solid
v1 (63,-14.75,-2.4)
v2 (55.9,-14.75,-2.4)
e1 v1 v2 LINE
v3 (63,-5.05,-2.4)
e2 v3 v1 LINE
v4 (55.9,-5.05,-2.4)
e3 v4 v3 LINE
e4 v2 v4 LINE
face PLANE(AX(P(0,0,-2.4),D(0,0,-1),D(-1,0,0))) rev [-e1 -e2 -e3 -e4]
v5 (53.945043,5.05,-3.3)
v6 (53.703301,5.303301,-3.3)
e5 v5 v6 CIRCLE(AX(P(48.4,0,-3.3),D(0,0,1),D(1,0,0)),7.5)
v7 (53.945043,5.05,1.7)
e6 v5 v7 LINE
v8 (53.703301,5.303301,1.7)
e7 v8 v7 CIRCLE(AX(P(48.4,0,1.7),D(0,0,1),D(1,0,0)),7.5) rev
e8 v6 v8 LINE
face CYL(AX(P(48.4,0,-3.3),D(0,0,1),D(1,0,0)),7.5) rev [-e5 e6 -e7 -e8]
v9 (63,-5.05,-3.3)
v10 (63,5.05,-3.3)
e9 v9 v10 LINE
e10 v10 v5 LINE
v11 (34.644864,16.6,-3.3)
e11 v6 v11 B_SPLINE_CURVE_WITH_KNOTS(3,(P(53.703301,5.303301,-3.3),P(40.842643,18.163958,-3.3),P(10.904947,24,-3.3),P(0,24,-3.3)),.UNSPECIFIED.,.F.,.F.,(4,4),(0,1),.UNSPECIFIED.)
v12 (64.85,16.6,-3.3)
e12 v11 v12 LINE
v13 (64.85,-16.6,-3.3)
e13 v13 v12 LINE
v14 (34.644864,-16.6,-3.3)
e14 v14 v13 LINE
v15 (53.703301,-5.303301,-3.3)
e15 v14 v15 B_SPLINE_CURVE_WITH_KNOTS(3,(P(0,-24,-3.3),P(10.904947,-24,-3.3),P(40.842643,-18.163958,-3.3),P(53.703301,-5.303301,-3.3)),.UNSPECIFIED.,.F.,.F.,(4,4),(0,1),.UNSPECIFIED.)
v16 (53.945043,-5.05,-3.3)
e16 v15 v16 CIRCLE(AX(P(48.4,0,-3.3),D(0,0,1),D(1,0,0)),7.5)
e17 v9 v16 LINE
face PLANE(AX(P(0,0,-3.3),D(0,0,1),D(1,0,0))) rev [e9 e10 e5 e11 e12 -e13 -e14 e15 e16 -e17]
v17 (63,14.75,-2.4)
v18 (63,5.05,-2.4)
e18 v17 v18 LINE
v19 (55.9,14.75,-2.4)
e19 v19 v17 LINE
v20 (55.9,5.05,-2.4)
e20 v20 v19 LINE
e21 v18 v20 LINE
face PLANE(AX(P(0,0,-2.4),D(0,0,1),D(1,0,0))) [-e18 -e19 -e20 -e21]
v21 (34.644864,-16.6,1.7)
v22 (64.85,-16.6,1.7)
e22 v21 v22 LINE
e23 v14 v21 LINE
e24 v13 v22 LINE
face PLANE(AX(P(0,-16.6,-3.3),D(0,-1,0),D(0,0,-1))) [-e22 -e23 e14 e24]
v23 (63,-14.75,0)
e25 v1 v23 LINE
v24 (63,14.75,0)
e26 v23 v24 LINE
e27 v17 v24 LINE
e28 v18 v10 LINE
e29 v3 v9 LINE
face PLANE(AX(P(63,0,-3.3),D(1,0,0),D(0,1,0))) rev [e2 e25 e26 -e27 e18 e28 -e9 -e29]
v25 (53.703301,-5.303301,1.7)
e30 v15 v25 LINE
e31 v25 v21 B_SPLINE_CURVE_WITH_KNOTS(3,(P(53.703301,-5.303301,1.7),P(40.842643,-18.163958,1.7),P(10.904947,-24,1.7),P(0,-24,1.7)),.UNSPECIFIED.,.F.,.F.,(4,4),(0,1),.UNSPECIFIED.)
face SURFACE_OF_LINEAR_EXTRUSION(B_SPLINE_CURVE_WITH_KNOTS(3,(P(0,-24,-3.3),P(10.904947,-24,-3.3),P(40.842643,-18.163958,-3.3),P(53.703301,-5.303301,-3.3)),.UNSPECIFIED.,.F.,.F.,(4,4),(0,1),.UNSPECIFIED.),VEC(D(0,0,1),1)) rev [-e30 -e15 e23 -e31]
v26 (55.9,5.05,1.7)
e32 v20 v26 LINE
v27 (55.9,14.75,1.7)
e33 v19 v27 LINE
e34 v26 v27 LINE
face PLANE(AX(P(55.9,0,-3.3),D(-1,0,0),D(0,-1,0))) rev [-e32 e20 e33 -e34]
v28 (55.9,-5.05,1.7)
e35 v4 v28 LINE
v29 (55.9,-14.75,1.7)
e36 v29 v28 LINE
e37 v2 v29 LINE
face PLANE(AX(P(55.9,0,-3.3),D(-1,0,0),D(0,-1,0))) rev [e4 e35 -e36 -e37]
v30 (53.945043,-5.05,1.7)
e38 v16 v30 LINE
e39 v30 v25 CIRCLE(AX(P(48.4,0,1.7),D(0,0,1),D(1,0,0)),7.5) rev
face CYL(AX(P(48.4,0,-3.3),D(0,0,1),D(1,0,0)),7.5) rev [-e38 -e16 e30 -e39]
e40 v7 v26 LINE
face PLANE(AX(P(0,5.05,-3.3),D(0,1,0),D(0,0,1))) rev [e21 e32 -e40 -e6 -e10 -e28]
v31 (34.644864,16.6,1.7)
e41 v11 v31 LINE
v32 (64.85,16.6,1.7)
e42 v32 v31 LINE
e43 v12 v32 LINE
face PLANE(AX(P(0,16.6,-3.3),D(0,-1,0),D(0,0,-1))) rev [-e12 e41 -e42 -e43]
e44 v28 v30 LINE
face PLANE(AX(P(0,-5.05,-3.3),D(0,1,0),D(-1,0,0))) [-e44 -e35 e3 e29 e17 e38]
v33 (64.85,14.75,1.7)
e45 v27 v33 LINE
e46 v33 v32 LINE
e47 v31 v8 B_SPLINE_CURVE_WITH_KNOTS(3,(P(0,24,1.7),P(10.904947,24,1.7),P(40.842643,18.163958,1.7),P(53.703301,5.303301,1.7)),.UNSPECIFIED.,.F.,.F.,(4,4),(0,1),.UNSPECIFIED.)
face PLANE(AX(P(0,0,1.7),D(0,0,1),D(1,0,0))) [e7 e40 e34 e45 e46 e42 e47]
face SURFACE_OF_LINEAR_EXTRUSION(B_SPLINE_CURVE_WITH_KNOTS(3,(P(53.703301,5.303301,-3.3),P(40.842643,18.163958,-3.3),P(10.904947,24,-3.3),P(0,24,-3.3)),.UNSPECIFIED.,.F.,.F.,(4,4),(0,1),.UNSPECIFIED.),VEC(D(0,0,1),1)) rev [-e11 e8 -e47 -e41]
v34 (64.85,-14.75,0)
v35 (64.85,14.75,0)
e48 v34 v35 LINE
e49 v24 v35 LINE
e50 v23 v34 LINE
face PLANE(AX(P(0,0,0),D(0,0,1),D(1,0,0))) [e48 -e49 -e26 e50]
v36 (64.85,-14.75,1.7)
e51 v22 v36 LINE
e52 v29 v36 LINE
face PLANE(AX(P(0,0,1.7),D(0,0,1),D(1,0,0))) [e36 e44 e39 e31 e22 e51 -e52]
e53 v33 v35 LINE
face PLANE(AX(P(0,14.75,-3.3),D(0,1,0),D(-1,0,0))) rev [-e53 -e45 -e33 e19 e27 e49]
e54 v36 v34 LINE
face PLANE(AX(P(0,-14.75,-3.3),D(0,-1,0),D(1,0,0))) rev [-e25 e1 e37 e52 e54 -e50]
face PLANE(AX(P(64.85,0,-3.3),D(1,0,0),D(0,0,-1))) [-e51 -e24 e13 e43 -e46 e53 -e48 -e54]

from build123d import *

# Parameters (mm, degrees)
BOSS_EXTRUDE1_DEPTH = 3.3
SKETCH2_W           = 7.1
SKETCH2_H           = 9.7
BOSS_EXTRUDE2_DEPTH = 0.9
BOSS_EXTRUDE3_DEPTH = 1.7


with BuildPart() as part:
    # Sketch1 → Boss-Extrude1 (new body)
    with BuildSketch(Plane.XY):
        with BuildLine():
            Line((57.315911484, 16.6), (34.644864201, 16.6))
            add(Edge.make_bspline(
                [(38.29556789, 15.1), (37.098221073, 15.62404419), (35.878697194, 16.123957864), (34.644864201, 16.6)],
                knots=[0.303308677, 0.303308677, 0.303308677, 0.303308677, 0.363483136, 0.363483136, 0.363483136, 0.363483136], degree=3))
            Line((38.29556789, 15.1), (58.028235271, 15.1))
            add(Edge.make_bspline(
                [(58.028235271, 15.1), (57.812878468, 15.594922403), (57.575647456, 16.094915482), (57.315911484, 16.6)],
                knots=[1.426893222, 1.426893222, 1.426893222, 1.426893222, 1.452839647, 1.452839647, 1.452839647, 1.452839647], degree=3))
        make_face()
        with BuildLine():
            Line((64.85, 16.6), (57.315911484, 16.6))
            add(Edge.make_bspline(
                [(58.028235271, 15.1), (57.812878468, 15.594922403), (57.575647456, 16.094915482), (57.315911484, 16.6)],
                knots=[1.426893222, 1.426893222, 1.426893222, 1.426893222, 1.452839647, 1.452839647, 1.452839647, 1.452839647], degree=3))
            Line((58.028235271, 15.1), (63.35, 15.1))
            Line((63.35, 15.1), (63.35, 7.210091206))
            add(Edge.make_bspline(
                [(63.35, 7.210091206), (63.846734552, 7.128818212), (64.346729159, 7.047274139), (64.85, 6.965459519)],
                knots=[2.014857734, 2.014857734, 2.014857734, 2.014857734, 2.022509587, 2.022509587, 2.022509587, 2.022509587], degree=3))
            Line((64.85, 6.965459519), (64.85, 16.6))
        make_face()
        with BuildLine():
            add(Edge.make_bspline(
                [(55.9, -8.449641541), (53.219410431, -8.903431774), (50.645090889, -9.348060462), (48.173910637, -9.783424554)],
                knots=[-0.975271105, -0.975271105, -0.975271105, -0.975271105, -0.931011535, -0.931011535, -0.931011535, -0.931011535], degree=3))
            add(Edge.make_bspline(
                [(48.17391063, -9.783424538), (50.235379211, -8.397456689), (52.10175446, -6.904847258), (53.703300859, -5.303300859)],
                knots=[0.875469321, 0.875469321, 0.875469321, 0.875469321, 1, 1, 1, 1], degree=3))
            add(Edge.make_bspline(
                [(38.29556789, -15.1), (44.330780941, -12.458561206), (49.802551874, -9.204049844), (53.703300859, -5.303300859)],
                knots=[0.696691323, 0.696691323, 0.696691323, 0.696691323, 1, 1, 1, 1], degree=3))
            Line((38.29556789, -15.1), (58.028235271, -15.1))
            add(Edge.make_bspline(
                [(58.028235271, -15.1), (58.079123886, -14.983050292), (58.128791104, -14.866383717), (58.177245249, -14.75)],
                knots=[-0.426893222, -0.426893222, -0.426893222, -0.426893222, -0.420762106, -0.420762106, -0.420762106, -0.420762106], degree=3))
            Line((58.177245249, -14.75), (55.9, -14.75))
            Line((55.9, -14.75), (55.9, -8.449641541))
        make_face()
        with BuildLine():
            add(Edge.make_bspline(
                [(48.17391063, -9.783424538), (50.235379211, -8.397456689), (52.10175446, -6.904847258), (53.703300859, -5.303300859)],
                knots=[0.875469321, 0.875469321, 0.875469321, 0.875469321, 1, 1, 1, 1], degree=3))
            add(Edge.make_bspline(
                [(55.9, -8.449641541), (53.219410431, -8.903431774), (50.645090889, -9.348060462), (48.173910637, -9.783424554)],
                knots=[-0.975271105, -0.975271105, -0.975271105, -0.975271105, -0.931011535, -0.931011535, -0.931011535, -0.931011535], degree=3))
            Line((55.9, -8.449641541), (55.9, -5.05))
            Line((55.9, -5.05), (53.953496898, -5.05))
            add(Edge.make_bspline(
                [(53.703300859, -5.303300859), (53.787433741, -5.219167977), (53.87083579, -5.134734468), (53.953496898, -5.05)],
                knots=[1, 1, 1, 1, 1.00654188, 1.00654188, 1.00654188, 1.00654188], degree=3))
        make_face()
        with BuildLine():
            add(Edge.make_bspline(
                [(53.703300859, 5.303300859), (52.10175446, 6.904847258), (50.235379211, 8.397456689), (48.17391063, 9.783424538)],
                knots=[0, 0, 0, 0, 0.124530679, 0.124530679, 0.124530679, 0.124530679], degree=3))
            add(Edge.make_bspline(
                [(53.953496898, 5.05), (53.87083579, 5.134734468), (53.787433741, 5.219167977), (53.703300859, 5.303300859)],
                knots=[-0.00654188, -0.00654188, -0.00654188, -0.00654188, 0, 0, 0, 0], degree=3))
            Line((53.953496898, 5.05), (55.9, 5.05))
            Line((55.9, 5.05), (55.9, 8.449641541))
            add(Edge.make_bspline(
                [(48.173910637, 9.783424554), (50.645090889, 9.348060462), (53.219410431, 8.903431774), (55.9, 8.449641541)],
                knots=[1.931011535, 1.931011535, 1.931011535, 1.931011535, 1.975271105, 1.975271105, 1.975271105, 1.975271105], degree=3))
        make_face()
        with BuildLine():
            add(Edge.make_bspline(
                [(53.953496898, 5.05), (53.87083579, 5.134734468), (53.787433741, 5.219167977), (53.703300859, 5.303300859)],
                knots=[-0.00654188, -0.00654188, -0.00654188, -0.00654188, 0, 0, 0, 0], degree=3))
            ThreePointArc((53.703300859, 5.303300859), (53.825650241, 5.178061362), (53.945042831, 5.05))
            Line((53.945042831, 5.05), (53.953496898, 5.05))
        make_face()
        with BuildLine():
            Line((58.028235271, 15.1), (38.29556789, 15.1))
            add(Edge.make_bspline(
                [(48.17391063, 9.783424538), (45.214437276, 11.773139517), (41.852878937, 13.543067491), (38.29556789, 15.1)],
                knots=[0.124530679, 0.124530679, 0.124530679, 0.124530679, 0.303308677, 0.303308677, 0.303308677, 0.303308677], degree=3))
            add(Edge.make_bspline(
                [(48.173910637, 9.783424554), (50.645090889, 9.348060462), (53.219410431, 8.903431774), (55.9, 8.449641541)],
                knots=[1.931011535, 1.931011535, 1.931011535, 1.931011535, 1.975271105, 1.975271105, 1.975271105, 1.975271105], degree=3))
            Line((55.9, 8.449641541), (55.9, 14.75))
            Line((55.9, 14.75), (58.177245249, 14.75))
            add(Edge.make_bspline(
                [(58.177245249, 14.75), (58.128791104, 14.866383717), (58.079123886, 14.983050292), (58.028235271, 15.1)],
                knots=[1.420762106, 1.420762106, 1.420762106, 1.420762106, 1.426893222, 1.426893222, 1.426893222, 1.426893222], degree=3))
        make_face()
        with BuildLine():
            Line((63.35, 15.1), (58.028235271, 15.1))
            add(Edge.make_bspline(
                [(58.177245249, 14.75), (58.128791104, 14.866383717), (58.079123886, 14.983050292), (58.028235271, 15.1)],
                knots=[1.420762106, 1.420762106, 1.420762106, 1.420762106, 1.426893222, 1.426893222, 1.426893222, 1.426893222], degree=3))
            Line((58.177245249, 14.75), (63, 14.75))
            Line((63, 14.75), (63, 7.267399796))
            add(Edge.make_bspline(
                [(63, 7.267399796), (63.116486418, 7.248311937), (63.233153014, 7.229209071), (63.35, 7.210091206)],
                knots=[2.013057787, 2.013057787, 2.013057787, 2.013057787, 2.014857734, 2.014857734, 2.014857734, 2.014857734], degree=3))
            Line((63.35, 7.210091206), (63.35, 15.1))
        make_face()
        with BuildLine():
            add(Edge.make_bspline(
                [(34.644864201, -16.6), (35.878697194, -16.123957864), (37.098221074, -15.62404419), (38.29556789, -15.1)],
                knots=[0.636516864, 0.636516864, 0.636516864, 0.636516864, 0.696691323, 0.696691323, 0.696691323, 0.696691323], degree=3))
            Line((34.644864201, -16.6), (57.315911484, -16.6))
            add(Edge.make_bspline(
                [(57.315911484, -16.6), (57.575647456, -16.094915482), (57.812878468, -15.594922403), (58.028235271, -15.1)],
                knots=[-0.452839647, -0.452839647, -0.452839647, -0.452839647, -0.426893222, -0.426893222, -0.426893222, -0.426893222], degree=3))
            Line((58.028235271, -15.1), (38.29556789, -15.1))
        make_face()
        with BuildLine():
            Line((64.85, -6.965459519), (64.85, 6.965459519))
            add(Edge.make_bspline(
                [(63.35, 7.210091206), (63.846734552, 7.128818212), (64.346729159, 7.047274139), (64.85, 6.965459519)],
                knots=[2.014857734, 2.014857734, 2.014857734, 2.014857734, 2.022509587, 2.022509587, 2.022509587, 2.022509587], degree=3))
            Line((63.35, 7.210091206), (63.35, -7.210091206))
            add(Edge.make_bspline(
                [(64.85, -6.965459519), (64.346729159, -7.047274139), (63.846734552, -7.128818212), (63.35, -7.210091206)],
                knots=[-1.022509587, -1.022509587, -1.022509587, -1.022509587, -1.014857734, -1.014857734, -1.014857734, -1.014857734], degree=3))
        make_face()
        with BuildLine():
            add(Edge.make_bspline(
                [(57.315911484, -16.6), (57.575647456, -16.094915482), (57.812878468, -15.594922403), (58.028235271, -15.1)],
                knots=[-0.452839647, -0.452839647, -0.452839647, -0.452839647, -0.426893222, -0.426893222, -0.426893222, -0.426893222], degree=3))
            Line((57.315911484, -16.6), (64.85, -16.6))
            Line((64.85, -16.6), (64.85, -6.965459519))
            add(Edge.make_bspline(
                [(64.85, -6.965459519), (64.346729159, -7.047274139), (63.846734552, -7.128818212), (63.35, -7.210091206)],
                knots=[-1.022509587, -1.022509587, -1.022509587, -1.022509587, -1.014857734, -1.014857734, -1.014857734, -1.014857734], degree=3))
            Line((63.35, -7.210091206), (63.35, -15.1))
            Line((63.35, -15.1), (58.028235271, -15.1))
        make_face()
        with BuildLine():
            Line((63.35, -7.210091206), (63.35, 7.210091206))
            add(Edge.make_bspline(
                [(63, 7.267399796), (63.116486418, 7.248311937), (63.233153014, 7.229209071), (63.35, 7.210091206)],
                knots=[2.013057787, 2.013057787, 2.013057787, 2.013057787, 2.014857734, 2.014857734, 2.014857734, 2.014857734], degree=3))
            Line((63, 7.267399796), (63, -7.267399796))
            add(Edge.make_bspline(
                [(63.35, -7.210091206), (63.233153014, -7.229209071), (63.116486418, -7.248311937), (63, -7.267399796)],
                knots=[-1.014857734, -1.014857734, -1.014857734, -1.014857734, -1.013057787, -1.013057787, -1.013057787, -1.013057787], degree=3))
        make_face()
        with BuildLine():
            Line((53.953496898, -5.05), (53.945042831, -5.05))
            ThreePointArc((53.945042831, -5.05), (53.825650241, -5.178061362), (53.703300859, -5.303300859))
            add(Edge.make_bspline(
                [(53.703300859, -5.303300859), (53.787433741, -5.219167977), (53.87083579, -5.134734468), (53.953496898, -5.05)],
                knots=[1, 1, 1, 1, 1.00654188, 1.00654188, 1.00654188, 1.00654188], degree=3))
        make_face()
        with BuildLine():
            add(Edge.make_bspline(
                [(58.028235271, -15.1), (58.079123886, -14.983050292), (58.128791104, -14.866383717), (58.177245249, -14.75)],
                knots=[-0.426893222, -0.426893222, -0.426893222, -0.426893222, -0.420762106, -0.420762106, -0.420762106, -0.420762106], degree=3))
            Line((58.028235271, -15.1), (63.35, -15.1))
            Line((63.35, -15.1), (63.35, -7.210091206))
            add(Edge.make_bspline(
                [(63.35, -7.210091206), (63.233153014, -7.229209071), (63.116486418, -7.248311937), (63, -7.267399796)],
                knots=[-1.014857734, -1.014857734, -1.014857734, -1.014857734, -1.013057787, -1.013057787, -1.013057787, -1.013057787], degree=3))
            Line((63, -7.267399796), (63, -14.75))
            Line((63, -14.75), (58.177245249, -14.75))
        make_face()
    extrude(amount=-BOSS_EXTRUDE1_DEPTH)

    # Sketch2 → Boss-Extrude2 (add)
    with BuildSketch(Plane(origin=(0, 0, -3.3), x_dir=(-1, 0, 0), z_dir=(0, 0, -1))):
        with Locations((-59.45, -9.9)):
            Rectangle(SKETCH2_W, SKETCH2_H)
        with Locations((-59.45, 9.9)):
            Rectangle(SKETCH2_W, SKETCH2_H)
    extrude(amount=-BOSS_EXTRUDE2_DEPTH)

    # Sketch3 → Boss-Extrude3 (add)
    with BuildSketch(Plane.XY):
        with BuildLine():
            Line((58.177245249, 14.75), (63, 14.75))
            Line((63, 14.75), (64.85, 14.75))
            Line((64.85, 14.75), (64.85, 16.6))
            Line((64.85, 16.6), (57.315911484, 16.6))
            add(Edge.make_bspline(
                [(57.315911484, 16.6), (57.637022826, 15.975564476), (57.923736792, 15.358910886), (58.177245249, 14.75)],
                knots=[0.183677217, 0.183677217, 0.183677217, 0.183677217, 0.215754758, 0.215754758, 0.215754758, 0.215754758], degree=3))
        make_face()
        with BuildLine():
            Line((57.315911484, 16.6), (34.644864201, 16.6))
            add(Edge.make_bspline(
                [(34.644864201, 16.6), (39.544408477, 14.709639199), (44.218315219, 12.442852923), (48.173910631, 9.783424537)],
                knots=[0, 0, 0, 0, 0.238952457, 0.238952457, 0.238952457, 0.238952457], degree=3))
            add(Edge.make_bspline(
                [(55.9, 8.449641541), (53.219410431, 8.903431774), (50.64509089, 9.348060461), (48.173910638, 9.783424554)],
                knots=[-1.611787969, -1.611787969, -1.611787969, -1.611787969, -1.567528399, -1.567528399, -1.567528399, -1.567528399], degree=3))
            Line((55.9, 8.449641541), (55.9, 14.75))
            Line((55.9, 14.75), (58.177245249, 14.75))
            add(Edge.make_bspline(
                [(57.315911484, 16.6), (57.637022826, 15.975564476), (57.923736792, 15.358910886), (58.177245249, 14.75)],
                knots=[0.183677217, 0.183677217, 0.183677217, 0.183677217, 0.215754758, 0.215754758, 0.215754758, 0.215754758], degree=3))
        make_face()
        with BuildLine():
            Line((55.9, 5.05), (55.9, 8.449641541))
            add(Edge.make_bspline(
                [(55.9, 8.449641541), (53.219410431, 8.903431774), (50.64509089, 9.348060461), (48.173910638, 9.783424554)],
                knots=[-1.611787969, -1.611787969, -1.611787969, -1.611787969, -1.567528399, -1.567528399, -1.567528399, -1.567528399], degree=3))
            add(Edge.make_bspline(
                [(48.173910631, 9.783424537), (50.235379212, 8.397456689), (52.10175446, 6.904847257), (53.703300859, 5.303300859)],
                knots=[0.238952457, 0.238952457, 0.238952457, 0.238952457, 0.363483136, 0.363483136, 0.363483136, 0.363483136], degree=3))
            add(Edge.make_bspline(
                [(53.703300859, 5.303300859), (53.787433741, 5.219167977), (53.87083579, 5.134734468), (53.953496898, 5.05)],
                knots=[0.363483136, 0.363483136, 0.363483136, 0.363483136, 0.370025016, 0.370025016, 0.370025016, 0.370025016], degree=3))
            Line((53.953496898, 5.05), (55.9, 5.05))
        make_face()
        with BuildLine():
            Line((64.85, -14.75), (63, -14.75))
            Line((63, -14.75), (58.177245249, -14.75))
            add(Edge.make_bspline(
                [(58.177245249, -14.75), (57.923736792, -15.358910886), (57.637022826, -15.975564476), (57.315911484, -16.6)],
                knots=[0.784245242, 0.784245242, 0.784245242, 0.784245242, 0.816322783, 0.816322783, 0.816322783, 0.816322783], degree=3))
            Line((57.315911484, -16.6), (64.85, -16.6))
            Line((64.85, -16.6), (64.85, -14.75))
        make_face()
        with BuildLine():
            add(Edge.make_bspline(
                [(53.703300859, 5.303300859), (53.787433741, 5.219167977), (53.87083579, 5.134734468), (53.953496898, 5.05)],
                knots=[0.363483136, 0.363483136, 0.363483136, 0.363483136, 0.370025016, 0.370025016, 0.370025016, 0.370025016], degree=3))
            ThreePointArc((53.703300859, 5.303300859), (53.825650241, 5.178061362), (53.945042831, 5.05))
            Line((53.945042831, 5.05), (53.953496898, 5.05))
        make_face()
        with BuildLine():
            add(Edge.make_bspline(
                [(53.953496898, -5.05), (53.87083579, -5.134734468), (53.787433741, -5.219167977), (53.703300859, -5.303300859)],
                knots=[0.629974984, 0.629974984, 0.629974984, 0.629974984, 0.636516864, 0.636516864, 0.636516864, 0.636516864], degree=3))
            Line((53.953496898, -5.05), (53.945042831, -5.05))
            ThreePointArc((53.945042831, -5.05), (53.825650241, -5.178061362), (53.703300859, -5.303300859))
        make_face()
        with BuildLine():
            add(Edge.make_bspline(
                [(48.173910631, -9.783424537), (44.218315219, -12.442852923), (39.544408477, -14.709639199), (34.644864201, -16.6)],
                knots=[0.761047543, 0.761047543, 0.761047543, 0.761047543, 1, 1, 1, 1], degree=3))
            Line((34.644864201, -16.6), (57.315911484, -16.6))
            add(Edge.make_bspline(
                [(58.177245249, -14.75), (57.923736792, -15.358910886), (57.637022826, -15.975564476), (57.315911484, -16.6)],
                knots=[0.784245242, 0.784245242, 0.784245242, 0.784245242, 0.816322783, 0.816322783, 0.816322783, 0.816322783], degree=3))
            Line((58.177245249, -14.75), (55.9, -14.75))
            Line((55.9, -14.75), (55.9, -8.449641541))
            add(Edge.make_bspline(
                [(48.173910638, -9.783424554), (50.64509089, -9.348060461), (53.219410431, -8.903431774), (55.9, -8.449641541)],
                knots=[2.567528399, 2.567528399, 2.567528399, 2.567528399, 2.611787969, 2.611787969, 2.611787969, 2.611787969], degree=3))
        make_face()
        with BuildLine():
            Line((55.9, -5.05), (53.953496898, -5.05))
            add(Edge.make_bspline(
                [(53.953496898, -5.05), (53.87083579, -5.134734468), (53.787433741, -5.219167977), (53.703300859, -5.303300859)],
                knots=[0.629974984, 0.629974984, 0.629974984, 0.629974984, 0.636516864, 0.636516864, 0.636516864, 0.636516864], degree=3))
            add(Edge.make_bspline(
                [(53.703300859, -5.303300859), (52.10175446, -6.904847257), (50.235379212, -8.397456689), (48.173910631, -9.783424537)],
                knots=[0.636516864, 0.636516864, 0.636516864, 0.636516864, 0.761047543, 0.761047543, 0.761047543, 0.761047543], degree=3))
            add(Edge.make_bspline(
                [(48.173910638, -9.783424554), (50.64509089, -9.348060461), (53.219410431, -8.903431774), (55.9, -8.449641541)],
                knots=[2.567528399, 2.567528399, 2.567528399, 2.567528399, 2.611787969, 2.611787969, 2.611787969, 2.611787969], degree=3))
            Line((55.9, -8.449641541), (55.9, -5.05))
        make_face()
    extrude(amount=BOSS_EXTRUDE3_DEPTH)


solid = part.part
